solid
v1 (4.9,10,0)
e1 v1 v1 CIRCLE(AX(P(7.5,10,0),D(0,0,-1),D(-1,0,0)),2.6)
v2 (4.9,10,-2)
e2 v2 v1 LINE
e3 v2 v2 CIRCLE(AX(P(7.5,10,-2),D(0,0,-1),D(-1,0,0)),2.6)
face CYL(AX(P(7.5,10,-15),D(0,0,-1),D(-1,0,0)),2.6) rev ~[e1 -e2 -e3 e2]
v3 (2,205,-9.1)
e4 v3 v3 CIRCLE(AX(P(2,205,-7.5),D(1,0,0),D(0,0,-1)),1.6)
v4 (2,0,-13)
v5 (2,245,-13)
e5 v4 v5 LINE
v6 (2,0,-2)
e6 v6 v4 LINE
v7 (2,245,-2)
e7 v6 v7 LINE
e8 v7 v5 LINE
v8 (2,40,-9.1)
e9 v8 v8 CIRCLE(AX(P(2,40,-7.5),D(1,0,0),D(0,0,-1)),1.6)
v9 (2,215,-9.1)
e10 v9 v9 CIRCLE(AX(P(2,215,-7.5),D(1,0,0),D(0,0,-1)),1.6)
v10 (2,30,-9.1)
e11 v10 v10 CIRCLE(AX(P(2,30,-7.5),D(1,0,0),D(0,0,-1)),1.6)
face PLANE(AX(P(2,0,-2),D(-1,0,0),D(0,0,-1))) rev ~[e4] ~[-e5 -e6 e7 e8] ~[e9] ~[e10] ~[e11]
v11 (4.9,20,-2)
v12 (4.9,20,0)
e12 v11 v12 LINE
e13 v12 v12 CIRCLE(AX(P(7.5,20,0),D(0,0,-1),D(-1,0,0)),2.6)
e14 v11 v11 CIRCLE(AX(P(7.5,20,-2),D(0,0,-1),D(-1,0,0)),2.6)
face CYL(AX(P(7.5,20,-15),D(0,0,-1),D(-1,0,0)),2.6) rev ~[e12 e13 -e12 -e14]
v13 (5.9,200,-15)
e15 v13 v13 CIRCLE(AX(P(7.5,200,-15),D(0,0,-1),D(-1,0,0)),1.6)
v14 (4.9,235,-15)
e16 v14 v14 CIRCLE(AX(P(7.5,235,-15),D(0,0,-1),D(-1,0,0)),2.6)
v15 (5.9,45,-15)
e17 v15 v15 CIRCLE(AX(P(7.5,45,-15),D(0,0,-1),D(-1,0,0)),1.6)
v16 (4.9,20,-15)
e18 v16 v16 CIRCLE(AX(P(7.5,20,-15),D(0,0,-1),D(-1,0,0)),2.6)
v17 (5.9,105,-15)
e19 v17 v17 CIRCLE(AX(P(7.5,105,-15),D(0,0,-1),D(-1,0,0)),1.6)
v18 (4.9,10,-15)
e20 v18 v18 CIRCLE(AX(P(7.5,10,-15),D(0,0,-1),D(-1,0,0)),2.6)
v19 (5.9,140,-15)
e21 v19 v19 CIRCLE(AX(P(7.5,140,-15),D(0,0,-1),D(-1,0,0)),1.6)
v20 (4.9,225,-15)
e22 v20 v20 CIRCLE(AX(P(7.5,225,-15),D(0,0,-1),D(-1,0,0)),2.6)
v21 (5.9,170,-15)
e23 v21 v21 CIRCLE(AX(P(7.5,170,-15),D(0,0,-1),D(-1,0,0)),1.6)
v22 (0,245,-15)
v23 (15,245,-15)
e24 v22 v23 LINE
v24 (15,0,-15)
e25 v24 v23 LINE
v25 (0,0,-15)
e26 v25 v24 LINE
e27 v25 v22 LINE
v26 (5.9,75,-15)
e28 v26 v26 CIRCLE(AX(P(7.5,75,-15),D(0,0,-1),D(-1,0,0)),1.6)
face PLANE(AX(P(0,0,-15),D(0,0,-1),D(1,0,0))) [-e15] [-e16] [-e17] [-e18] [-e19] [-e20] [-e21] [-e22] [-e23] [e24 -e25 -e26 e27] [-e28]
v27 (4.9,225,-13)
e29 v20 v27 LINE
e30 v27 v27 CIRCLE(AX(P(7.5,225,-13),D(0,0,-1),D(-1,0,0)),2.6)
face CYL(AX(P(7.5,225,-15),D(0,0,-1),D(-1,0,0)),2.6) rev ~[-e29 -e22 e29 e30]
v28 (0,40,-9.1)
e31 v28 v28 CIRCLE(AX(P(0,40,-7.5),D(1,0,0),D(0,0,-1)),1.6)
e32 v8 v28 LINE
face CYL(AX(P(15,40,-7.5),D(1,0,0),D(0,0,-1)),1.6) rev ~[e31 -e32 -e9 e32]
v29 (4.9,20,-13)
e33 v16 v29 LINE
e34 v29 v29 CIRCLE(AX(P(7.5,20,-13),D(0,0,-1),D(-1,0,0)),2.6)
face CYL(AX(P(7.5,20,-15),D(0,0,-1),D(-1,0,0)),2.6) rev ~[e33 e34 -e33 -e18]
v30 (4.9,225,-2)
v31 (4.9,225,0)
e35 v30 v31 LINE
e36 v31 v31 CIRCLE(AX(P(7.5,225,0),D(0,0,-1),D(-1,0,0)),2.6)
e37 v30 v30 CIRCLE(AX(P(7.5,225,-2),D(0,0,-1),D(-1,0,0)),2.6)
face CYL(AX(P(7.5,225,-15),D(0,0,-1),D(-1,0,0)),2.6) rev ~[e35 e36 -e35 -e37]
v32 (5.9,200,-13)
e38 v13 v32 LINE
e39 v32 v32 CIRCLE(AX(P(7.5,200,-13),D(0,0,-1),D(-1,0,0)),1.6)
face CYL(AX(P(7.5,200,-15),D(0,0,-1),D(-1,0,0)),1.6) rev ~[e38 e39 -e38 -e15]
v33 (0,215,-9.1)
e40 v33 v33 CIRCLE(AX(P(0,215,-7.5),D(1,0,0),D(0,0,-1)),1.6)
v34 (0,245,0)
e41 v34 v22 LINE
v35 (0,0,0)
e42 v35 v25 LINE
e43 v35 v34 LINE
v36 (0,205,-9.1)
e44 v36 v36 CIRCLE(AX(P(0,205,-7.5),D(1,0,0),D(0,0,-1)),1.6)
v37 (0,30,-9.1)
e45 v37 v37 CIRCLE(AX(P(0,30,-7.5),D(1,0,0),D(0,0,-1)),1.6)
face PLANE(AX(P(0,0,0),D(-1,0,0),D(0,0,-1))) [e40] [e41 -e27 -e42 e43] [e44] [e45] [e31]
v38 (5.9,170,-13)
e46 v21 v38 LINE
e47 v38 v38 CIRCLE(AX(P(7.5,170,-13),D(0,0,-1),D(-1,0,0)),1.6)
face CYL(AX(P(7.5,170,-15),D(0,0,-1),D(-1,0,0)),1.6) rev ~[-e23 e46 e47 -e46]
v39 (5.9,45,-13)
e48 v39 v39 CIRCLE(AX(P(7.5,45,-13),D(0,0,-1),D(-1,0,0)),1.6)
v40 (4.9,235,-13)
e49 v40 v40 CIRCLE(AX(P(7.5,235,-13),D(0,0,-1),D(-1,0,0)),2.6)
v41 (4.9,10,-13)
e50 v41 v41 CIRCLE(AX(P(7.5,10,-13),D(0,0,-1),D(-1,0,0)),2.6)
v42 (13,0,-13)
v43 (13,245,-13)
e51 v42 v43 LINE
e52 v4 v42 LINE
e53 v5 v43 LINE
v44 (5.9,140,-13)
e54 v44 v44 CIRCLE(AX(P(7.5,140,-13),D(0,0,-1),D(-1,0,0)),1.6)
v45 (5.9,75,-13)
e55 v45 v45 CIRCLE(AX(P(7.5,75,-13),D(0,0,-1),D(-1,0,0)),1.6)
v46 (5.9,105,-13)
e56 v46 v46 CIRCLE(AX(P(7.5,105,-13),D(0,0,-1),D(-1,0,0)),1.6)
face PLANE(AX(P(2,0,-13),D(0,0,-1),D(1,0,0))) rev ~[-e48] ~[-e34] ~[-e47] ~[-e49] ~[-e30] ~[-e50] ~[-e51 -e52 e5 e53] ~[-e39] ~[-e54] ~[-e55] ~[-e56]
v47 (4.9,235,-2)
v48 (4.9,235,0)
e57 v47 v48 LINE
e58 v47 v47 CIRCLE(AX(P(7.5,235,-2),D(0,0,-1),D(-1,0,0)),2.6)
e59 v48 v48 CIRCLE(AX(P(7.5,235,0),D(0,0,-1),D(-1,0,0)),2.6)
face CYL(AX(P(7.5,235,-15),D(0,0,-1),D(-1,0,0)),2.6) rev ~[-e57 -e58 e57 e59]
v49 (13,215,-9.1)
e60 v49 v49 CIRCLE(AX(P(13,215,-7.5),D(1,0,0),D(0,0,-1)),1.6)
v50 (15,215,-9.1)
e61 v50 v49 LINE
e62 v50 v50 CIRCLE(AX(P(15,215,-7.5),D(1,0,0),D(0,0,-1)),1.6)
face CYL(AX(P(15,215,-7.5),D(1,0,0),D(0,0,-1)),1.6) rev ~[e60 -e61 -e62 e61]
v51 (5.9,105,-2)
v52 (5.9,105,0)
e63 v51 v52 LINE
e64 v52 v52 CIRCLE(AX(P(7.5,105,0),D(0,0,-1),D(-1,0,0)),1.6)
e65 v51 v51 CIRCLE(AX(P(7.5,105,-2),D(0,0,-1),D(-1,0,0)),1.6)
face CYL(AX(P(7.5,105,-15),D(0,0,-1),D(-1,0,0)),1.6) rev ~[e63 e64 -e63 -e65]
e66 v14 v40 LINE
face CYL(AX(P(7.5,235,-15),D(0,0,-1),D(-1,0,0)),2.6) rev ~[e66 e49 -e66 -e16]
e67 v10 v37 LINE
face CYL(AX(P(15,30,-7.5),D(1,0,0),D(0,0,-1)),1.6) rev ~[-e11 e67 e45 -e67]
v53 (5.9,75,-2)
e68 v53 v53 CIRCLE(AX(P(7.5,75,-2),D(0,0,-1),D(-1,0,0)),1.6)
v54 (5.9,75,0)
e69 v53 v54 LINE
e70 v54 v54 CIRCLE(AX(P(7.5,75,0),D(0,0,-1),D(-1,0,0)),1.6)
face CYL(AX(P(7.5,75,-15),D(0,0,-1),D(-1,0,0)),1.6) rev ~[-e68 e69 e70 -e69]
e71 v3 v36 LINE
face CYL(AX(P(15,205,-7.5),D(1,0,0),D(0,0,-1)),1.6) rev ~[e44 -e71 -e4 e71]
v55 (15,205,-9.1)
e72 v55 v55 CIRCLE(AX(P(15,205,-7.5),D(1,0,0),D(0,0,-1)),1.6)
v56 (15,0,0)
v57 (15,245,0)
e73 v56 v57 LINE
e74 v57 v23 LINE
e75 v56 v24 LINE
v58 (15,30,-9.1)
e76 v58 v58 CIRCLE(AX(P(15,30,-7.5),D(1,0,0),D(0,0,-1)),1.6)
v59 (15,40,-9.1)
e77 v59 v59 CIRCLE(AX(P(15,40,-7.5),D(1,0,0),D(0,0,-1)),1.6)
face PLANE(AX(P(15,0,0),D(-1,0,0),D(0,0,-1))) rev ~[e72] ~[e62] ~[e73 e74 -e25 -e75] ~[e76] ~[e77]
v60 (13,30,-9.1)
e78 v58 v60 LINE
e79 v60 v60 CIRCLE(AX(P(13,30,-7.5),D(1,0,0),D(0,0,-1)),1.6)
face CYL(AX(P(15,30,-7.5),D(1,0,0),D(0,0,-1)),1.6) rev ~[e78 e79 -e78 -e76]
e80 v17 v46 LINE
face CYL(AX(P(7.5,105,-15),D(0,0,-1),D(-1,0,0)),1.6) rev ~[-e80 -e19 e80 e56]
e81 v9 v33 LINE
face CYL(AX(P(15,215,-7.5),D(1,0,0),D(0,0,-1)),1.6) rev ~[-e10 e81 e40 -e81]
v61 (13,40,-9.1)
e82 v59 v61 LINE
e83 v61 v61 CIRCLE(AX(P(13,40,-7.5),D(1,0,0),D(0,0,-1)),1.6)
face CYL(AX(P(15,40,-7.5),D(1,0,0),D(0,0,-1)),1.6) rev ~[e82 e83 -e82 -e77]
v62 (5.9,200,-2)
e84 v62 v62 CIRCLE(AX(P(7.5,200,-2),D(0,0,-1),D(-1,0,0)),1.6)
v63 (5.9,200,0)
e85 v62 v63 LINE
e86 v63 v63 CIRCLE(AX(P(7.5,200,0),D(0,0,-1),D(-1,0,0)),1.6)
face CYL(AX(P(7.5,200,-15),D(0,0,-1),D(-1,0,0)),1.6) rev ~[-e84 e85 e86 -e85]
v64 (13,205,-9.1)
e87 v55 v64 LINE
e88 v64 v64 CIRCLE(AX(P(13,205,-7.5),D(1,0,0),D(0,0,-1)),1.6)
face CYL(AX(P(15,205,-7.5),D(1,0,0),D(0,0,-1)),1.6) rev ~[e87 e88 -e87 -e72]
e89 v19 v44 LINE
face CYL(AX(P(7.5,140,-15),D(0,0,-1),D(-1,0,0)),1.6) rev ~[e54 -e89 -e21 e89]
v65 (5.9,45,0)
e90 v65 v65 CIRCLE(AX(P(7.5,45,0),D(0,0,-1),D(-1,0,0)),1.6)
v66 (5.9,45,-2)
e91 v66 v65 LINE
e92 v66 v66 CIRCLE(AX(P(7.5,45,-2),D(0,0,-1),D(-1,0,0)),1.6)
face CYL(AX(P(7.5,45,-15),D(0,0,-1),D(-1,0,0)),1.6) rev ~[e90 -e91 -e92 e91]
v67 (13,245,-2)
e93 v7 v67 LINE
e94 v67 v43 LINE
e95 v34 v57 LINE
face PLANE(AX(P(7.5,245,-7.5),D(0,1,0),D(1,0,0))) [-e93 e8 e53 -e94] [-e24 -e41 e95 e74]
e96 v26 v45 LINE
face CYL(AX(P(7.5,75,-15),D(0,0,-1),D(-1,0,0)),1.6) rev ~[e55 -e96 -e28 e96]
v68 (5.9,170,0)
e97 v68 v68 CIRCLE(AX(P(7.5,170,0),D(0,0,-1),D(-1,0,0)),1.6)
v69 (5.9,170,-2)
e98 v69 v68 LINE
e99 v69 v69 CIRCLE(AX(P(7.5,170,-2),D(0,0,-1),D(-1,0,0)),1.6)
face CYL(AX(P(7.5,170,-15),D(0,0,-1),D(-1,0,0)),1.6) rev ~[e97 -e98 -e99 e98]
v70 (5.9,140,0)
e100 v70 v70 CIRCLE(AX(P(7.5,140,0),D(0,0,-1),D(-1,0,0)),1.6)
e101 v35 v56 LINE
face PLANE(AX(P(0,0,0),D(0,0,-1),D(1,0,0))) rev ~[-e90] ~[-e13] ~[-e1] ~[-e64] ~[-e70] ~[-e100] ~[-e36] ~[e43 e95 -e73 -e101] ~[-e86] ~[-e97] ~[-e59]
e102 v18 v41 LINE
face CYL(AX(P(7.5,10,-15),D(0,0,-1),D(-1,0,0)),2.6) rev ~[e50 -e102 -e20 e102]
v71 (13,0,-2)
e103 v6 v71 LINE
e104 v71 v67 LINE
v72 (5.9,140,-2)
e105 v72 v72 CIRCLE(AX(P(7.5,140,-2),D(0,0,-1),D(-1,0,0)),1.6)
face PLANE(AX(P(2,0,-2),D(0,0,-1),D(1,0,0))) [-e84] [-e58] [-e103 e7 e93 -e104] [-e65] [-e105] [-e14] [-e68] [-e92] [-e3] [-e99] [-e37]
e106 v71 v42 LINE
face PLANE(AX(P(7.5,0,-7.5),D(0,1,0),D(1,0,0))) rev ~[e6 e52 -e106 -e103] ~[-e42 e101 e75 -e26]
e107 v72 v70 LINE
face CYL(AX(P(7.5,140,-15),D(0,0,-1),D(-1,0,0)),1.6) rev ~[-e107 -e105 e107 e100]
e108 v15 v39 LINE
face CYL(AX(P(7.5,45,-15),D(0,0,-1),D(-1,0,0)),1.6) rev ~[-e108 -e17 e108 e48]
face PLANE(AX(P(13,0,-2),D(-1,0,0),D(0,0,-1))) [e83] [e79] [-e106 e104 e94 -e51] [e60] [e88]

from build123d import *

# Parameters (mm, degrees)
SKETCH1_W           = 15
SKETCH1_H           = 15
SKETCH1_W_2         = 11
SKETCH1_H_2         = 11
BOSS_EXTRUDE1_DEPTH = 245
SKETCH2_R           = 1.6
CUT_EXTRUDE1_DEPTH  = 246.916652547
SKETCH4_R           = 2.6
CUT_EXTRUDE2_DEPTH  = 246.916652547
SKETCH5_R           = 1.6
CUT_EXTRUDE3_DEPTH  = 246.916652547


with BuildPart() as part:
    # Sketch1 → Boss-Extrude1 (new body)
    with BuildSketch(Plane(origin=(0, 0, 0), x_dir=(1, 0, 0), z_dir=(0, 1, 0))):
        with Locations((7.5, 7.5)):
            Rectangle(SKETCH1_W, SKETCH1_H)
        with Locations((7.5, 7.5)):
            Rectangle(SKETCH1_W_2, SKETCH1_H_2, mode=Mode.SUBTRACT)
    extrude(amount=BOSS_EXTRUDE1_DEPTH)

    # Sketch2 → Cut-Extrude1 (cut, through all)
    with BuildSketch(Plane(origin=(15, 0, 0), x_dir=(0, 0, -1), z_dir=(1, 0, 0))):
        with Locations((7.5, 215)):
            Circle(SKETCH2_R)
        with Locations((7.5, 205)):
            Circle(SKETCH2_R)
        with Locations((7.5, 30)):
            Circle(SKETCH2_R)
        with Locations((7.5, 40)):
            Circle(SKETCH2_R)
    extrude(amount=-CUT_EXTRUDE1_DEPTH, mode=Mode.SUBTRACT)

    # Sketch4 → Cut-Extrude2 (cut, through all)
    with BuildSketch(Plane(origin=(0, 0, -15), x_dir=(-1, 0, 0), z_dir=(0, 0, -1))):
        with Locations((-7.5, 235)):
            Circle(SKETCH4_R)
        with Locations((-7.5, 225)):
            Circle(SKETCH4_R)
        with Locations((-7.5, 10)):
            Circle(SKETCH4_R)
        with Locations((-7.5, 20)):
            Circle(SKETCH4_R)
    extrude(amount=-CUT_EXTRUDE2_DEPTH, mode=Mode.SUBTRACT)

    # Sketch5 → Cut-Extrude3 (cut, through all)
    with BuildSketch(Plane(origin=(0, 0, -15), x_dir=(-1, 0, 0), z_dir=(0, 0, -1))):
        with Locations((-7.5, 45)):
            Circle(SKETCH5_R)
        with Locations((-7.5, 75)):
            Circle(SKETCH5_R)
        with Locations((-7.5, 200)):
            Circle(SKETCH5_R)
        with Locations((-7.5, 170)):
            Circle(SKETCH5_R)
        with Locations((-7.5, 140)):
            Circle(SKETCH5_R)
        with Locations((-7.5, 105)):
            Circle(SKETCH5_R)
    extrude(amount=-CUT_EXTRUDE3_DEPTH, mode=Mode.SUBTRACT)


solid = part.part
